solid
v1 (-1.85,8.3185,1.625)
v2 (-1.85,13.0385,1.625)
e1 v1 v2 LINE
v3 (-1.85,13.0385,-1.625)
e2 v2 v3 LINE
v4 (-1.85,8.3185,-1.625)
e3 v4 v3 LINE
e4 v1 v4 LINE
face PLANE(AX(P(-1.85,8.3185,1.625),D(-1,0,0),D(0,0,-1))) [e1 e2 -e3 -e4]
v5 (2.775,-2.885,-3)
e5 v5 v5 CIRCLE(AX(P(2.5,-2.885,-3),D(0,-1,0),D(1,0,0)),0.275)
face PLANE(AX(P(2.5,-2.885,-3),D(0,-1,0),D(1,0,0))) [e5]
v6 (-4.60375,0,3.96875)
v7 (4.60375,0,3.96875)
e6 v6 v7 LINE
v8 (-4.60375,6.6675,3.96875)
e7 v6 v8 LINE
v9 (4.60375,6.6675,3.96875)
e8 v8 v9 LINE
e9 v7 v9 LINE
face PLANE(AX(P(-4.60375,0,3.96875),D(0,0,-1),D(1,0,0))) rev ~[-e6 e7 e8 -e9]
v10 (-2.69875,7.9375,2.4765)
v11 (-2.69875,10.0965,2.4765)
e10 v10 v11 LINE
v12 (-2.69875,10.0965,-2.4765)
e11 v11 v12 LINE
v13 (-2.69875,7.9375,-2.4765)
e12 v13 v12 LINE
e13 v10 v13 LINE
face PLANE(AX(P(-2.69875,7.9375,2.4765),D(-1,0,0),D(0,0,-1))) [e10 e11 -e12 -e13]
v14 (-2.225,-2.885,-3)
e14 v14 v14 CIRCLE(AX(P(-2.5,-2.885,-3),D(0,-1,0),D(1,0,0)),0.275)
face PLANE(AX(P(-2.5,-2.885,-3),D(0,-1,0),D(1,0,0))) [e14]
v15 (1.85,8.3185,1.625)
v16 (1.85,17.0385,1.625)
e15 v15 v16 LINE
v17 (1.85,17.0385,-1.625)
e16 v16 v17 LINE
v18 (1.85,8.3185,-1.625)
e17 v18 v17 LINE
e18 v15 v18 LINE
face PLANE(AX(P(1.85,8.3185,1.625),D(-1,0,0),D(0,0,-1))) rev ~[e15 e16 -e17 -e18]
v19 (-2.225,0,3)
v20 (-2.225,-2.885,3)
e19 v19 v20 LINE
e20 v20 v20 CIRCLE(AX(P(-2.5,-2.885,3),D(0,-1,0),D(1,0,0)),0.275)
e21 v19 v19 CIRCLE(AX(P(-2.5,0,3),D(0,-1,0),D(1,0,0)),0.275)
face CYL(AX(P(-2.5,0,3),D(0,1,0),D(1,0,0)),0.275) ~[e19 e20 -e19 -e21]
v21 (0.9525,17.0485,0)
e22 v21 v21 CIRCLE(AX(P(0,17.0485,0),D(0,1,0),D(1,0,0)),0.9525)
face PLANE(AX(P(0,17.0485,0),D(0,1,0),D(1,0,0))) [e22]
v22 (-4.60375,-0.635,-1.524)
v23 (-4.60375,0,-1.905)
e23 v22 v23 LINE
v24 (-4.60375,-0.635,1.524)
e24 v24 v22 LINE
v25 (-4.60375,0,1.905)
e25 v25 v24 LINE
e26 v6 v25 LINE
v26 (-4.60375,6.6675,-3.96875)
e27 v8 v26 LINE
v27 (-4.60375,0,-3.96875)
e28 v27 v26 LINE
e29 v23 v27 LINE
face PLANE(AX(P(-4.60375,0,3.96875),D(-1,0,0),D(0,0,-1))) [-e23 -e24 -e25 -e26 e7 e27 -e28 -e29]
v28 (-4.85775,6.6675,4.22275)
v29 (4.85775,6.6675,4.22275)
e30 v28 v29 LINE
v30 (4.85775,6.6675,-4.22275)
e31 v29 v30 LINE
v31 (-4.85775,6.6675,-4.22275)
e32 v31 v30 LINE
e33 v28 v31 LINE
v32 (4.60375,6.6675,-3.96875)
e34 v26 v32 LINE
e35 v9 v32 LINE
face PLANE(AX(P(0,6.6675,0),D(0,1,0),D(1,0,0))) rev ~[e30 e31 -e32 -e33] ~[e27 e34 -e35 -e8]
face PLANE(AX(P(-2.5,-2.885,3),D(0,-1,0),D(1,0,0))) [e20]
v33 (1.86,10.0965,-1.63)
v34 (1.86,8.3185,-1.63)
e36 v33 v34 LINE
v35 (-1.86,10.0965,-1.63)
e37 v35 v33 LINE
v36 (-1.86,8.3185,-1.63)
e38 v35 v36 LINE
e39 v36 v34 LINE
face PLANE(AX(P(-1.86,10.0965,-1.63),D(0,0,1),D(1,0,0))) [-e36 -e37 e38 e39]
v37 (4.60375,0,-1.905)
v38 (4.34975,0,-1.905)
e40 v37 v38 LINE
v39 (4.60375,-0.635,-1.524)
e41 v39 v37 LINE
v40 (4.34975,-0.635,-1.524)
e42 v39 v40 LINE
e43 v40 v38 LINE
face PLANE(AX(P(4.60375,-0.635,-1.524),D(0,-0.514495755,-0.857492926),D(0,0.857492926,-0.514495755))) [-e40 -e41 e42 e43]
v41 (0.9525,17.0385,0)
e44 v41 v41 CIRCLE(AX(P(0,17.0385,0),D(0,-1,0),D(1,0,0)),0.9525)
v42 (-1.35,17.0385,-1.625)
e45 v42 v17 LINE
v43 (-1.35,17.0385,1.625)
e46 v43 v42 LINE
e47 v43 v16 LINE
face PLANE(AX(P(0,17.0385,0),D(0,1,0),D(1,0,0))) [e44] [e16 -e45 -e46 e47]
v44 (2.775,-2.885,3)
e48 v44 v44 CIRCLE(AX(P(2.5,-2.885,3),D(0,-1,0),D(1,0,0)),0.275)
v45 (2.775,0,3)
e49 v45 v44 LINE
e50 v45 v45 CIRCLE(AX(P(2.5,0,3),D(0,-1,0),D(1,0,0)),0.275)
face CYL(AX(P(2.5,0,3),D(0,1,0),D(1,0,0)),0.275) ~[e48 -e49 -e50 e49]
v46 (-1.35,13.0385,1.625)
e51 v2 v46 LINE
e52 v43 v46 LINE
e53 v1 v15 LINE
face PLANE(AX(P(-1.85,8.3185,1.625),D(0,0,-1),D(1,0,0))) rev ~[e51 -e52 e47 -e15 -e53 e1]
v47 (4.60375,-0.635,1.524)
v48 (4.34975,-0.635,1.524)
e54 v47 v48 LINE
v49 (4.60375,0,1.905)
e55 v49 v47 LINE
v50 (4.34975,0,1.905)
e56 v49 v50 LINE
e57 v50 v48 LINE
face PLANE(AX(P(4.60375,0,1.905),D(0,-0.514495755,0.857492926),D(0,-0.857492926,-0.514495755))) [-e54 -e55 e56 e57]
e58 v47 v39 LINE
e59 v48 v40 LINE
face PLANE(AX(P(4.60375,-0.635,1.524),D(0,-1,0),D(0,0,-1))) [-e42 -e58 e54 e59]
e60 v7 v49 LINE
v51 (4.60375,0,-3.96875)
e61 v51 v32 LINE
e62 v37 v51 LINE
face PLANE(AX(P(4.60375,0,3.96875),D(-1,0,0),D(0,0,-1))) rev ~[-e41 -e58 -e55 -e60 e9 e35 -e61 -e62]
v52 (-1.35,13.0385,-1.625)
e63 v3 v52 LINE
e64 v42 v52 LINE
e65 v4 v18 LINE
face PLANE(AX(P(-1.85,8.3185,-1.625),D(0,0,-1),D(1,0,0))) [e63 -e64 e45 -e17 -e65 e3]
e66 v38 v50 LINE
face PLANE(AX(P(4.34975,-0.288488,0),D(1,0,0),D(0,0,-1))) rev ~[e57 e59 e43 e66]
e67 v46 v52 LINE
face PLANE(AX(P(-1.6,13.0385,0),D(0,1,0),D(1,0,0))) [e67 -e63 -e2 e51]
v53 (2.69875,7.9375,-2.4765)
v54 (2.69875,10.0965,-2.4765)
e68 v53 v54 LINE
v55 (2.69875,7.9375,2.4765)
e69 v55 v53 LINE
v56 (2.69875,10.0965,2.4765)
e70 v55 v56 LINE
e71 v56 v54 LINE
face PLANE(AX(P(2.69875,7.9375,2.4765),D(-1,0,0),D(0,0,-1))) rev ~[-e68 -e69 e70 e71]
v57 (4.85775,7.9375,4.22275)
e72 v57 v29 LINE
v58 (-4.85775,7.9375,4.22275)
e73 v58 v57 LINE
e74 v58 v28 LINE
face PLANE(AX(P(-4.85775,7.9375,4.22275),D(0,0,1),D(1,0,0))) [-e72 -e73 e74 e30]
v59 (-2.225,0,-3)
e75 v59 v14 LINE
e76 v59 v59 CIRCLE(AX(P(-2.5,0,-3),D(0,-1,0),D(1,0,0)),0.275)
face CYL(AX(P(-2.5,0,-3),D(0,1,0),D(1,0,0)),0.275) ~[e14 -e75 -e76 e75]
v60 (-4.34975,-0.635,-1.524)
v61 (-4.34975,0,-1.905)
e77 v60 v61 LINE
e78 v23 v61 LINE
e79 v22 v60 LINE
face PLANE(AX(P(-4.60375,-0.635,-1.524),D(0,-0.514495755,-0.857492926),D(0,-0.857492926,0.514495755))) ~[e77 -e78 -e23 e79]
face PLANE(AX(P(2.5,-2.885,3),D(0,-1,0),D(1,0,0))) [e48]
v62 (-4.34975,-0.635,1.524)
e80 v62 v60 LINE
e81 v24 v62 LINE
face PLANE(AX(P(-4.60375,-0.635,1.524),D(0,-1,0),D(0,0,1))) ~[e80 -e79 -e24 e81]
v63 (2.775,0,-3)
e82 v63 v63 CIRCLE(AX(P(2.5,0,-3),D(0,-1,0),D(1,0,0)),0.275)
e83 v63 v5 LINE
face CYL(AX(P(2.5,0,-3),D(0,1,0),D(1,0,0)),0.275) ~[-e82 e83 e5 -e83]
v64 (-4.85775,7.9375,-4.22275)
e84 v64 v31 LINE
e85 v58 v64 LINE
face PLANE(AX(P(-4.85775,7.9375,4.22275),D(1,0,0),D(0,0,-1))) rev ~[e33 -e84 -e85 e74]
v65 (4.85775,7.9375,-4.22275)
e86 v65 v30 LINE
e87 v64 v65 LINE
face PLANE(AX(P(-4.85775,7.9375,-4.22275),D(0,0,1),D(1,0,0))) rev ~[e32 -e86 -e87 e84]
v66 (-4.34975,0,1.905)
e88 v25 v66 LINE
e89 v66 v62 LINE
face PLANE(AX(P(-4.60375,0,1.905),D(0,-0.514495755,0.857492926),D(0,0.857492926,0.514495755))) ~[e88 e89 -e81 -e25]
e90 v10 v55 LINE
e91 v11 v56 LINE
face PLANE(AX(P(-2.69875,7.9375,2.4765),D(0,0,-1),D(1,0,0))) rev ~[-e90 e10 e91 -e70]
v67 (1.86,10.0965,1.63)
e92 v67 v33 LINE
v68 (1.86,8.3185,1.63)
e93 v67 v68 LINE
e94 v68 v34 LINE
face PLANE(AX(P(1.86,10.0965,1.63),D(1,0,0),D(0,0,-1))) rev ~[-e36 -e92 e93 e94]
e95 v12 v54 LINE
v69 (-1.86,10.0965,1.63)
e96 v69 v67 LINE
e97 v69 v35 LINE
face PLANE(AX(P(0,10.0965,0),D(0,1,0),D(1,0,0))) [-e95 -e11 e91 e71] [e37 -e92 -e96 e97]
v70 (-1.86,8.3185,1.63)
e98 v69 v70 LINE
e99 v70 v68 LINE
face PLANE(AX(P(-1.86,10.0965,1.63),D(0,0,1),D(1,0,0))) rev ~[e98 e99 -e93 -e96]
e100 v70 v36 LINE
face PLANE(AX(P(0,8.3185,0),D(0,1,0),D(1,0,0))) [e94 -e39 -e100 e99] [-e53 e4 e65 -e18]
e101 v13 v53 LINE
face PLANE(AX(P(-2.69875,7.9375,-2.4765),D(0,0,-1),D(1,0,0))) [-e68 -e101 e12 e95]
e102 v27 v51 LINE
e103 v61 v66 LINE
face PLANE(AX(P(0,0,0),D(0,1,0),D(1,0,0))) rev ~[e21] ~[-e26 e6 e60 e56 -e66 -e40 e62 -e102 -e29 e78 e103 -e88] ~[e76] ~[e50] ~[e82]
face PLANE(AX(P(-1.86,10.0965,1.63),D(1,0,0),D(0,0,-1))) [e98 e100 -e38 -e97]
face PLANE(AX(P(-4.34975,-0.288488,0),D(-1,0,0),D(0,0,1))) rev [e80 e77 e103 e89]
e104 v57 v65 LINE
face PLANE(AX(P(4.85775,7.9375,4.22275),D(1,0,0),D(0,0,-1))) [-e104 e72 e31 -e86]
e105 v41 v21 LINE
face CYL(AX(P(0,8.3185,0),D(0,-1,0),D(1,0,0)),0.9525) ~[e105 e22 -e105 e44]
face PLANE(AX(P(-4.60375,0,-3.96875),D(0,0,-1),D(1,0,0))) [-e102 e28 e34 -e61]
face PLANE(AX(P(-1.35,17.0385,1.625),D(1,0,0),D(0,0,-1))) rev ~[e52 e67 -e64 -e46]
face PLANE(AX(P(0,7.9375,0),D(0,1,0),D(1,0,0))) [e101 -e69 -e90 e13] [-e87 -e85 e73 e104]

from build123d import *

# Parameters (mm, degrees)
SKETCH1_W           = 9.2075
SKETCH1_H           = 7.9375
BOSS_EXTRUDE1_DEPTH = 7.9375
SKETCH2_W           = 5.3975
SKETCH2_H           = 4.953
BOSS_EXTRUDE2_DEPTH = 2.159
SKETCH3_W           = 3.72
SKETCH3_H           = 3.26
CUT_EXTRUDE1_DEPTH  = 1.778
SKETCH4_W           = 9.7155
SKETCH4_H           = 8.4455
SKETCH4_W_2         = 5.3975
SKETCH4_H_2         = 4.953
BOSS_EXTRUDE3_DEPTH = 1.27
BOSS_EXTRUDE4_DEPTH = 0.254
SKETCH7_W           = 3.7
SKETCH7_H           = 3.25
BOSS_EXTRUDE6_DEPTH = 8.72
SKETCH8_W           = 0.5
SKETCH8_H           = 3.25
CUT_EXTRUDE2_DEPTH  = 4
SKETCH6_R           = 0.9525
BOSS_EXTRUDE5_DEPTH = 8.73
SKETCH9_R           = 0.275
BOSS_EXTRUDE7_DEPTH = 2.885


with BuildPart() as part:
    # Sketch1 → Boss-Extrude1 (new body)
    with BuildSketch(Plane(origin=(0, 0, 0), x_dir=(1, 0, 0), z_dir=(0, 1, 0))):
        Rectangle(SKETCH1_W, SKETCH1_H)
    extrude(amount=BOSS_EXTRUDE1_DEPTH)

    # Sketch2 → Boss-Extrude2 (add)
    with BuildSketch(Plane(origin=(0, 7.9375, 0), x_dir=(1, 0, 0), z_dir=(0, 1, 0))):
        Rectangle(SKETCH2_W, SKETCH2_H)
    extrude(amount=BOSS_EXTRUDE2_DEPTH)

    # Sketch3 → Cut-Extrude1 (cut)
    with BuildSketch(Plane(origin=(0, 10.0965, 0), x_dir=(1, 0, 0), z_dir=(0, 1, 0))):
        Rectangle(SKETCH3_W, SKETCH3_H)
    extrude(amount=-CUT_EXTRUDE1_DEPTH, mode=Mode.SUBTRACT)

    # Sketch4 → Boss-Extrude3 (add)
    with BuildSketch(Plane(origin=(0, 7.9375, 0), x_dir=(1, 0, 0), z_dir=(0, 1, 0))):
        Rectangle(SKETCH4_W, SKETCH4_H)
        Rectangle(SKETCH4_W_2, SKETCH4_H_2, mode=Mode.SUBTRACT)
    extrude(amount=-BOSS_EXTRUDE3_DEPTH)

    # Sketch5 → Boss-Extrude4 (add)
    with BuildSketch(Plane(origin=(4.60375, 0, 0), x_dir=(0, 0, -1), z_dir=(1, 0, 0))):
        Polygon((1.524, -0.635), (1.905, 0), (-1.905, 0), (-1.524, -0.635), align=None)
    boss_extrude4 = extrude(amount=-BOSS_EXTRUDE4_DEPTH)

    # Mirror1: Boss-Extrude4 across plane
    add(boss_extrude4.mirror(Plane(origin=(0, 0, 0), x_dir=(0, 0, 1), z_dir=(1, 0, 0))))

    # Sketch7 → Boss-Extrude6 (add)
    with BuildSketch(Plane(origin=(0, 8.3185, 0), x_dir=(1, 0, 0), z_dir=(0, 1, 0))):
        Rectangle(SKETCH7_W, SKETCH7_H)
    extrude(amount=BOSS_EXTRUDE6_DEPTH)

    # Sketch8 → Cut-Extrude2 (cut)
    with BuildSketch(Plane(origin=(0, 17.0385, 0), x_dir=(1, 0, 0), z_dir=(0, 1, 0))):
        with Locations((-1.6, 0)):
            Rectangle(SKETCH8_W, SKETCH8_H)
    extrude(amount=-CUT_EXTRUDE2_DEPTH, mode=Mode.SUBTRACT)

    # Sketch6 → Boss-Extrude5 (add)
    with BuildSketch(Plane(origin=(0, 8.3185, 0), x_dir=(1, 0, 0), z_dir=(0, 1, 0))):
        Circle(SKETCH6_R)
    extrude(amount=BOSS_EXTRUDE5_DEPTH)

    # Sketch9 → Boss-Extrude7 (add)
    with BuildSketch(Plane.XZ):
        with Locations((-2.5, 3)):
            Circle(SKETCH9_R)
        with Locations((2.5, 3)):
            Circle(SKETCH9_R)
        with Locations((2.5, -3)):
            Circle(SKETCH9_R)
        with Locations((-2.5, -3)):
            Circle(SKETCH9_R)
    extrude(amount=BOSS_EXTRUDE7_DEPTH)


solid = part.part
